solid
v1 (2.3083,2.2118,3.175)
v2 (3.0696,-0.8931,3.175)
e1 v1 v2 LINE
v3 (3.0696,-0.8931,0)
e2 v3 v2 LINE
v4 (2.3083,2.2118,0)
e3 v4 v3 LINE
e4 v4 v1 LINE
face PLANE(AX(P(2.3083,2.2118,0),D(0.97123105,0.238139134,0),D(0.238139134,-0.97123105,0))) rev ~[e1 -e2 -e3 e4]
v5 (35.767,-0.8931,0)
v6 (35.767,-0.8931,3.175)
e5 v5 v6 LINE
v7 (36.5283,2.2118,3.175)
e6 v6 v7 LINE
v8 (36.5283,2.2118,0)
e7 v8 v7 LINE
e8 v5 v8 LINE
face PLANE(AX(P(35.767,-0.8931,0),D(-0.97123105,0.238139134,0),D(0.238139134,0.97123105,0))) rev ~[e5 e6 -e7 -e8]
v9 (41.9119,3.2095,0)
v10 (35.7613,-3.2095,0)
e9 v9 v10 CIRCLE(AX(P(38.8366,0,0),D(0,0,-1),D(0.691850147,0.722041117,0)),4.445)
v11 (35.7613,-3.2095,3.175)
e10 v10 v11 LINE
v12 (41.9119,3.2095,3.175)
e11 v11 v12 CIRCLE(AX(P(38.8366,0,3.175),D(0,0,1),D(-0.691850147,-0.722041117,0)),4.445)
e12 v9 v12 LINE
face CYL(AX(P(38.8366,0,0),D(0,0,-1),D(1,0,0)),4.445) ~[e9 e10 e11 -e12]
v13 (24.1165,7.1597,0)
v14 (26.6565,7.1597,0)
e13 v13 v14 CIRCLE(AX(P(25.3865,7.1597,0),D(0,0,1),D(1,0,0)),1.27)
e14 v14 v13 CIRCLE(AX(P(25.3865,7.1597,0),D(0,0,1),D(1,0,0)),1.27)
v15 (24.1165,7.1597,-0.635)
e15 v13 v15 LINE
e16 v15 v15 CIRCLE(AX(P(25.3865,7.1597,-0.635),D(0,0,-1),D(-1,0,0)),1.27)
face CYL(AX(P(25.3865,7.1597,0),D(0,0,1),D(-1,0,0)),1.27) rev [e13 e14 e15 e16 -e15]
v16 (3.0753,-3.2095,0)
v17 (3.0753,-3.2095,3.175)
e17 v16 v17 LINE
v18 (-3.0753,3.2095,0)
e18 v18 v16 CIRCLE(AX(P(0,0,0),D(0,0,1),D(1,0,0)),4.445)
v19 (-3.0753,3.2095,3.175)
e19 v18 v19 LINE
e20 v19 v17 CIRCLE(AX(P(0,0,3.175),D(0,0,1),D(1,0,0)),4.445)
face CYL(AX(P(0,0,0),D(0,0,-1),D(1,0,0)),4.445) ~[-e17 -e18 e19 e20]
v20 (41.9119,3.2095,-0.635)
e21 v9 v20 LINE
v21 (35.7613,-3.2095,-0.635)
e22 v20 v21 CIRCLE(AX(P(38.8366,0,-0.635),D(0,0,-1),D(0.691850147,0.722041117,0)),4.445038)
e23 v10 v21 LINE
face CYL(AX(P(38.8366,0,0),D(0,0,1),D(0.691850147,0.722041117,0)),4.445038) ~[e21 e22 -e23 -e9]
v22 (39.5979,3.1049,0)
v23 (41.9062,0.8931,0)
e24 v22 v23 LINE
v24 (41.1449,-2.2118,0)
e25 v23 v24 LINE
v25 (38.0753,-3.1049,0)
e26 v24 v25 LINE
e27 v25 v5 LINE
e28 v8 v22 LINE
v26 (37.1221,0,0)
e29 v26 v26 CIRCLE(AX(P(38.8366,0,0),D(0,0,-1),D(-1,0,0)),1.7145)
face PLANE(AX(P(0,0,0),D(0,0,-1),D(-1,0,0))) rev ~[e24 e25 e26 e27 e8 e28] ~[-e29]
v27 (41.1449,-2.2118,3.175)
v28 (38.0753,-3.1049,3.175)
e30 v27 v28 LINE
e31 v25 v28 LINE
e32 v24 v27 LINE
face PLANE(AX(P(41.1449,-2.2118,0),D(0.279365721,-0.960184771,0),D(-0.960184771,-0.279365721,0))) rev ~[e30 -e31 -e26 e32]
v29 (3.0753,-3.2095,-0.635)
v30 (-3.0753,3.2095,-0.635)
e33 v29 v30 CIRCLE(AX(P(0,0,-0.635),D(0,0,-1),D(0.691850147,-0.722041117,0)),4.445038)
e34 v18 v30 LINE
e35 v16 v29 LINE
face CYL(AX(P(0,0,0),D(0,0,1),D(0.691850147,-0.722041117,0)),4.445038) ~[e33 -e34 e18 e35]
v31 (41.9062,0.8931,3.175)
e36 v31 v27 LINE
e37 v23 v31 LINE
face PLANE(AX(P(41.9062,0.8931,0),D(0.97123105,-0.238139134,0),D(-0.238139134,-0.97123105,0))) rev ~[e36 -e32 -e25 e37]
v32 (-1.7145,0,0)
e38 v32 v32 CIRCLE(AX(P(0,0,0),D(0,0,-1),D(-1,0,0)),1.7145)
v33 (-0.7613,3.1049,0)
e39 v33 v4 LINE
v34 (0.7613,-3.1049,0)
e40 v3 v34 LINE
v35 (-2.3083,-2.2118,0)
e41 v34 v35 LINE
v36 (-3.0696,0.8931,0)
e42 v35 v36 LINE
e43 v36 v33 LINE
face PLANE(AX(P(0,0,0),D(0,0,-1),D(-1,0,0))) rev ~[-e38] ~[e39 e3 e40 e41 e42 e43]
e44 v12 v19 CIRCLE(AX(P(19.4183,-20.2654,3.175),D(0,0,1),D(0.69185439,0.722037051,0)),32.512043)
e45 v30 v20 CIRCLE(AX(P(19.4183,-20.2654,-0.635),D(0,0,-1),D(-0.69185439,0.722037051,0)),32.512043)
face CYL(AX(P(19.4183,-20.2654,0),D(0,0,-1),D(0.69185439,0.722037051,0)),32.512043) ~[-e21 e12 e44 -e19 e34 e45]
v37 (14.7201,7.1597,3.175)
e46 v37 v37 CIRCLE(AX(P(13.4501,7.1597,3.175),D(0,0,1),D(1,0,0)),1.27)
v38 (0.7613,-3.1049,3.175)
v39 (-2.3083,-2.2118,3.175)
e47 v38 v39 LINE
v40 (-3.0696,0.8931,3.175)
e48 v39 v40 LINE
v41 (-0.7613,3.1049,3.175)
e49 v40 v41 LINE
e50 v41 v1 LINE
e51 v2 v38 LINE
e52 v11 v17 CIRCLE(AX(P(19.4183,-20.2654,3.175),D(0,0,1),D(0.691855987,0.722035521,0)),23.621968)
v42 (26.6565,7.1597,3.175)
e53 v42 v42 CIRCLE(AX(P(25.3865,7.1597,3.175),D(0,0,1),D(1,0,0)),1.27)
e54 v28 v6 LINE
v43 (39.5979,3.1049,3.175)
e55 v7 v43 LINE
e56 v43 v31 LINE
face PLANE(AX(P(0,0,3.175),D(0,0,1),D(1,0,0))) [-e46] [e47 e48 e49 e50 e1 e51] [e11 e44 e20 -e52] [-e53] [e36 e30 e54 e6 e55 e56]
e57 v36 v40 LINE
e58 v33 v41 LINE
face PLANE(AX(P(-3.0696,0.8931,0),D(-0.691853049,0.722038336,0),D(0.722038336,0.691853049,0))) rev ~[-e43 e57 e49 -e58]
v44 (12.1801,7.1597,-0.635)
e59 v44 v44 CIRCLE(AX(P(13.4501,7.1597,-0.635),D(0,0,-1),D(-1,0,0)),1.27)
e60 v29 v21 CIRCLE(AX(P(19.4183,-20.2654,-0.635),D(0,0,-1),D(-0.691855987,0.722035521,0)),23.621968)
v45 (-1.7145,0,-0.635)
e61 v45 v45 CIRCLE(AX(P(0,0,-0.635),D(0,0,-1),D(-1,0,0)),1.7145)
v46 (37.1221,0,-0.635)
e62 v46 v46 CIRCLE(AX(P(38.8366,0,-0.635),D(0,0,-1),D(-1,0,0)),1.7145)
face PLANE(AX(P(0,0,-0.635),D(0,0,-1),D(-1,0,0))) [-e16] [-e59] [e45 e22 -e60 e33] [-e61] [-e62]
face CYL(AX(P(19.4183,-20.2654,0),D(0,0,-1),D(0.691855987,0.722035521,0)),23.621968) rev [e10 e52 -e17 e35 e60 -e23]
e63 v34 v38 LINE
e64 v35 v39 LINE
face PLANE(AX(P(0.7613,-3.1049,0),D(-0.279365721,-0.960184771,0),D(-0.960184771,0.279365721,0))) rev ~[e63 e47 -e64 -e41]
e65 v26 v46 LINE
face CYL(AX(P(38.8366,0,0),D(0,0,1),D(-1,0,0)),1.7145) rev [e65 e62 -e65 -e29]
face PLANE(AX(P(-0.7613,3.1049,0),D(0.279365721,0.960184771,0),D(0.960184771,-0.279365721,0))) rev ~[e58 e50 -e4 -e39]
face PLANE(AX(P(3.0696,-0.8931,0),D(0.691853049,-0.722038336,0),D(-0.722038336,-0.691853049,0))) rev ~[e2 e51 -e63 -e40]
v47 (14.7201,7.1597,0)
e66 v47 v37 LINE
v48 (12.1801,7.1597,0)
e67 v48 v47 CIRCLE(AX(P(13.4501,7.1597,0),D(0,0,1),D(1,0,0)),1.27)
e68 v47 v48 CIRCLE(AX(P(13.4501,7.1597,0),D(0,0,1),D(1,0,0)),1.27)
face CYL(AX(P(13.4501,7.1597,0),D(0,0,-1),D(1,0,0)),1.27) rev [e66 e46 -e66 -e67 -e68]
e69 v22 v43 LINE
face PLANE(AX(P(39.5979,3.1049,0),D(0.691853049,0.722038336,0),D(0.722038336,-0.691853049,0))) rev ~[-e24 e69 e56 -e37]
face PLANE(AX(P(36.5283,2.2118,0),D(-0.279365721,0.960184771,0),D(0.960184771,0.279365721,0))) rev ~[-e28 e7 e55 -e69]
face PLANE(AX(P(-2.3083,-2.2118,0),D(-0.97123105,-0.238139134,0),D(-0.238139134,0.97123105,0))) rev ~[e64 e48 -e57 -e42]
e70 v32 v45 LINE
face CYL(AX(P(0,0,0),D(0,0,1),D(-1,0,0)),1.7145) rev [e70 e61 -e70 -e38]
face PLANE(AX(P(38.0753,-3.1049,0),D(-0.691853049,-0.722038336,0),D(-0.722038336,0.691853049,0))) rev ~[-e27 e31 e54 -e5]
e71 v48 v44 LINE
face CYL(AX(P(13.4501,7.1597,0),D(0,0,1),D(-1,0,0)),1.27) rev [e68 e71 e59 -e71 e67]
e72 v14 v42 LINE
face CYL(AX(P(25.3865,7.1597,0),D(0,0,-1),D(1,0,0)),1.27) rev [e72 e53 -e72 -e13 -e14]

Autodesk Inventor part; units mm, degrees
ref_plane "YZ Plane" through (0, 0, 0) normal (1, 0, 0) x (0, 1, 0)
ref_plane "XZ Plane" through (0, 0, 0) normal (0, 1, 0) x (-1, 0, 0)
ref_plane "XY Plane" through (0, 0, 0) normal (0, 0, 1) x (1, 0, 0)
sketch "Sketch1" plane through (0, 0, 0) normal (0, 0, 1) x (1, 0, 0)
  line L0 (-2.3083, -2.2118) -> (-3.0696, 0.8931)
  line L1 (-3.0696, 0.8931) -> (-0.7613, 3.1049)
  line L2 (-0.7613, 3.1049) -> (2.3083, 2.2118)
  line L3 (2.3083, 2.2118) -> (3.0696, -0.8931)
  line L4 (3.0696, -0.8931) -> (0.7613, -3.1049)
  line L5 (0.7613, -3.1049) -> (-2.3083, -2.2118)
  line L6 (41.9062, 0.8931) -> (41.1449, -2.2118)
  line L7 (41.1449, -2.2118) -> (38.0753, -3.1049)
  line L8 (38.0753, -3.1049) -> (35.767, -0.8931)
  line L9 (35.767, -0.8931) -> (36.5283, 2.2118)
  line L10 (36.5283, 2.2118) -> (39.5979, 3.1049)
  line L11 (39.5979, 3.1049) -> (41.9062, 0.8931)
  circle A0 centre (0, 0) radius 4.445
  circle A1 centre (38.8366, 0) radius 4.445
  arc A2 (41.9119, 3.2095) -> (-3.0753, 3.2095) centre (19.4183, -20.2654) ccw
  arc A3 (35.7613, -3.2095) -> (3.0753, -3.2095) centre (19.4183, -20.2654) ccw
  arc A4 (38.8366, 0) -> (0, 0) centre (19.4183, -20.2654) ccw construction
  line L12 (-1.9155, 1.999) -> (-3.0753, 3.2095) construction
  line L13 (40.7521, 1.999) -> (41.9119, 3.2095) construction
  circle A5 centre (13.4501, 7.1597) radius 1.27
  circle A6 centre (25.3865, 7.1597) radius 1.27
  dimension "d0" = 38.8366
  dimension "d1" = 5.5372
  dimension "d2" = 8.89
  dimension "d3" = 28.067
  dimension "d8" = 2.54
  dimension "d9" = 2.54
  dimension "d10" = 31.5
  dimension "d11" = 31.5
extrude "Extrusion1" add sketch "Sketch1" along normal blind 3.175
sketch "Sketch2" plane through (0, 0, 0) normal (0, 0, -1) x (-1, 0, 0)
  line L0 (0.7613, 3.1049) -> (3.0696, 0.8931) projected
  line L1 (3.0696, 0.8931) -> (2.3083, -2.2118) projected
  line L2 (2.3083, -2.2118) -> (-0.7613, -3.1049) projected
  line L3 (-0.7613, -3.1049) -> (-3.0696, -0.8931) projected
  line L4 (-3.0696, -0.8931) -> (-2.3083, 2.2118) projected
  line L5 (-2.3083, 2.2118) -> (0.7613, 3.1049) projected
  line L6 (-38.0753, -3.1049) -> (-41.1449, -2.2118) projected
  line L7 (-41.1449, -2.2118) -> (-41.9062, 0.8931) projected
  line L8 (-41.9062, 0.8931) -> (-39.5979, 3.1049) projected
  line L9 (-39.5979, 3.1049) -> (-36.5283, 2.2118) projected
  line L10 (-36.5283, 2.2118) -> (-35.767, -0.8931) projected
  line L11 (-35.767, -0.8931) -> (-38.0753, -3.1049) projected
  arc A0 (-41.9119, 3.2095) -> (-35.7613, -3.2095) centre (-38.8366, 0) ccw projected
  arc A1 (-3.0753, -3.2095) -> (-35.7613, -3.2095) centre (-19.4183, -20.2654) ccw projected
  arc A2 (-3.0753, -3.2095) -> (3.0753, 3.2095) centre (0, 0) ccw projected
  arc A3 (3.0753, 3.2095) -> (-41.9119, 3.2095) centre (-19.4183, -20.2654) ccw projected
  circle A4 centre (-25.3865, 7.1597) radius 1.27 projected
  circle A5 centre (-13.4501, 7.1597) radius 1.27 projected
  line L12 (0.7613, 3.1049) -> (3.0696, 0.8931) projected
  line L13 (3.0696, 0.8931) -> (2.3083, -2.2118) projected
  line L14 (2.3083, -2.2118) -> (-0.7613, -3.1049) projected
  line L15 (-0.7613, -3.1049) -> (-3.0696, -0.8931) projected
  line L16 (-3.0696, -0.8931) -> (-2.3083, 2.2118) projected
  line L17 (-2.3083, 2.2118) -> (0.7613, 3.1049) projected
  line L18 (-38.0753, -3.1049) -> (-41.1449, -2.2118) projected
  line L19 (-41.1449, -2.2118) -> (-41.9062, 0.8931) projected
  line L20 (-41.9062, 0.8931) -> (-39.5979, 3.1049) projected
  line L21 (-39.5979, 3.1049) -> (-36.5283, 2.2118) projected
  line L22 (-36.5283, 2.2118) -> (-35.767, -0.8931) projected
  line L23 (-35.767, -0.8931) -> (-38.0753, -3.1049) projected
  arc A6 (-41.9119, 3.2095) -> (-35.7613, -3.2095) centre (-38.8366, 0) ccw projected
  arc A7 (-3.0753, -3.2095) -> (-35.7613, -3.2095) centre (-19.4183, -20.2654) ccw projected
  arc A8 (-3.0753, -3.2095) -> (3.0753, 3.2095) centre (0, 0) ccw projected
  arc A9 (3.0753, 3.2095) -> (-41.9119, 3.2095) centre (-19.4183, -20.2654) ccw projected
  circle A10 centre (0, 0) radius 1.7145
  circle A11 centre (-38.8366, 0) radius 1.7145
  dimension "d12" = 3.429
extrude "Extrusion2" add sketch "Sketch2" along normal blind 0.635 contours L0 L1 L2 L3 L4 L5 | L6 L7 L8 L9 L10 L11 | A3 A2 A1 A0
equation "\"d11\" = d10"
properties part number "gearboxBearingHolderHexNutBacking" material "ABS Plastic"
